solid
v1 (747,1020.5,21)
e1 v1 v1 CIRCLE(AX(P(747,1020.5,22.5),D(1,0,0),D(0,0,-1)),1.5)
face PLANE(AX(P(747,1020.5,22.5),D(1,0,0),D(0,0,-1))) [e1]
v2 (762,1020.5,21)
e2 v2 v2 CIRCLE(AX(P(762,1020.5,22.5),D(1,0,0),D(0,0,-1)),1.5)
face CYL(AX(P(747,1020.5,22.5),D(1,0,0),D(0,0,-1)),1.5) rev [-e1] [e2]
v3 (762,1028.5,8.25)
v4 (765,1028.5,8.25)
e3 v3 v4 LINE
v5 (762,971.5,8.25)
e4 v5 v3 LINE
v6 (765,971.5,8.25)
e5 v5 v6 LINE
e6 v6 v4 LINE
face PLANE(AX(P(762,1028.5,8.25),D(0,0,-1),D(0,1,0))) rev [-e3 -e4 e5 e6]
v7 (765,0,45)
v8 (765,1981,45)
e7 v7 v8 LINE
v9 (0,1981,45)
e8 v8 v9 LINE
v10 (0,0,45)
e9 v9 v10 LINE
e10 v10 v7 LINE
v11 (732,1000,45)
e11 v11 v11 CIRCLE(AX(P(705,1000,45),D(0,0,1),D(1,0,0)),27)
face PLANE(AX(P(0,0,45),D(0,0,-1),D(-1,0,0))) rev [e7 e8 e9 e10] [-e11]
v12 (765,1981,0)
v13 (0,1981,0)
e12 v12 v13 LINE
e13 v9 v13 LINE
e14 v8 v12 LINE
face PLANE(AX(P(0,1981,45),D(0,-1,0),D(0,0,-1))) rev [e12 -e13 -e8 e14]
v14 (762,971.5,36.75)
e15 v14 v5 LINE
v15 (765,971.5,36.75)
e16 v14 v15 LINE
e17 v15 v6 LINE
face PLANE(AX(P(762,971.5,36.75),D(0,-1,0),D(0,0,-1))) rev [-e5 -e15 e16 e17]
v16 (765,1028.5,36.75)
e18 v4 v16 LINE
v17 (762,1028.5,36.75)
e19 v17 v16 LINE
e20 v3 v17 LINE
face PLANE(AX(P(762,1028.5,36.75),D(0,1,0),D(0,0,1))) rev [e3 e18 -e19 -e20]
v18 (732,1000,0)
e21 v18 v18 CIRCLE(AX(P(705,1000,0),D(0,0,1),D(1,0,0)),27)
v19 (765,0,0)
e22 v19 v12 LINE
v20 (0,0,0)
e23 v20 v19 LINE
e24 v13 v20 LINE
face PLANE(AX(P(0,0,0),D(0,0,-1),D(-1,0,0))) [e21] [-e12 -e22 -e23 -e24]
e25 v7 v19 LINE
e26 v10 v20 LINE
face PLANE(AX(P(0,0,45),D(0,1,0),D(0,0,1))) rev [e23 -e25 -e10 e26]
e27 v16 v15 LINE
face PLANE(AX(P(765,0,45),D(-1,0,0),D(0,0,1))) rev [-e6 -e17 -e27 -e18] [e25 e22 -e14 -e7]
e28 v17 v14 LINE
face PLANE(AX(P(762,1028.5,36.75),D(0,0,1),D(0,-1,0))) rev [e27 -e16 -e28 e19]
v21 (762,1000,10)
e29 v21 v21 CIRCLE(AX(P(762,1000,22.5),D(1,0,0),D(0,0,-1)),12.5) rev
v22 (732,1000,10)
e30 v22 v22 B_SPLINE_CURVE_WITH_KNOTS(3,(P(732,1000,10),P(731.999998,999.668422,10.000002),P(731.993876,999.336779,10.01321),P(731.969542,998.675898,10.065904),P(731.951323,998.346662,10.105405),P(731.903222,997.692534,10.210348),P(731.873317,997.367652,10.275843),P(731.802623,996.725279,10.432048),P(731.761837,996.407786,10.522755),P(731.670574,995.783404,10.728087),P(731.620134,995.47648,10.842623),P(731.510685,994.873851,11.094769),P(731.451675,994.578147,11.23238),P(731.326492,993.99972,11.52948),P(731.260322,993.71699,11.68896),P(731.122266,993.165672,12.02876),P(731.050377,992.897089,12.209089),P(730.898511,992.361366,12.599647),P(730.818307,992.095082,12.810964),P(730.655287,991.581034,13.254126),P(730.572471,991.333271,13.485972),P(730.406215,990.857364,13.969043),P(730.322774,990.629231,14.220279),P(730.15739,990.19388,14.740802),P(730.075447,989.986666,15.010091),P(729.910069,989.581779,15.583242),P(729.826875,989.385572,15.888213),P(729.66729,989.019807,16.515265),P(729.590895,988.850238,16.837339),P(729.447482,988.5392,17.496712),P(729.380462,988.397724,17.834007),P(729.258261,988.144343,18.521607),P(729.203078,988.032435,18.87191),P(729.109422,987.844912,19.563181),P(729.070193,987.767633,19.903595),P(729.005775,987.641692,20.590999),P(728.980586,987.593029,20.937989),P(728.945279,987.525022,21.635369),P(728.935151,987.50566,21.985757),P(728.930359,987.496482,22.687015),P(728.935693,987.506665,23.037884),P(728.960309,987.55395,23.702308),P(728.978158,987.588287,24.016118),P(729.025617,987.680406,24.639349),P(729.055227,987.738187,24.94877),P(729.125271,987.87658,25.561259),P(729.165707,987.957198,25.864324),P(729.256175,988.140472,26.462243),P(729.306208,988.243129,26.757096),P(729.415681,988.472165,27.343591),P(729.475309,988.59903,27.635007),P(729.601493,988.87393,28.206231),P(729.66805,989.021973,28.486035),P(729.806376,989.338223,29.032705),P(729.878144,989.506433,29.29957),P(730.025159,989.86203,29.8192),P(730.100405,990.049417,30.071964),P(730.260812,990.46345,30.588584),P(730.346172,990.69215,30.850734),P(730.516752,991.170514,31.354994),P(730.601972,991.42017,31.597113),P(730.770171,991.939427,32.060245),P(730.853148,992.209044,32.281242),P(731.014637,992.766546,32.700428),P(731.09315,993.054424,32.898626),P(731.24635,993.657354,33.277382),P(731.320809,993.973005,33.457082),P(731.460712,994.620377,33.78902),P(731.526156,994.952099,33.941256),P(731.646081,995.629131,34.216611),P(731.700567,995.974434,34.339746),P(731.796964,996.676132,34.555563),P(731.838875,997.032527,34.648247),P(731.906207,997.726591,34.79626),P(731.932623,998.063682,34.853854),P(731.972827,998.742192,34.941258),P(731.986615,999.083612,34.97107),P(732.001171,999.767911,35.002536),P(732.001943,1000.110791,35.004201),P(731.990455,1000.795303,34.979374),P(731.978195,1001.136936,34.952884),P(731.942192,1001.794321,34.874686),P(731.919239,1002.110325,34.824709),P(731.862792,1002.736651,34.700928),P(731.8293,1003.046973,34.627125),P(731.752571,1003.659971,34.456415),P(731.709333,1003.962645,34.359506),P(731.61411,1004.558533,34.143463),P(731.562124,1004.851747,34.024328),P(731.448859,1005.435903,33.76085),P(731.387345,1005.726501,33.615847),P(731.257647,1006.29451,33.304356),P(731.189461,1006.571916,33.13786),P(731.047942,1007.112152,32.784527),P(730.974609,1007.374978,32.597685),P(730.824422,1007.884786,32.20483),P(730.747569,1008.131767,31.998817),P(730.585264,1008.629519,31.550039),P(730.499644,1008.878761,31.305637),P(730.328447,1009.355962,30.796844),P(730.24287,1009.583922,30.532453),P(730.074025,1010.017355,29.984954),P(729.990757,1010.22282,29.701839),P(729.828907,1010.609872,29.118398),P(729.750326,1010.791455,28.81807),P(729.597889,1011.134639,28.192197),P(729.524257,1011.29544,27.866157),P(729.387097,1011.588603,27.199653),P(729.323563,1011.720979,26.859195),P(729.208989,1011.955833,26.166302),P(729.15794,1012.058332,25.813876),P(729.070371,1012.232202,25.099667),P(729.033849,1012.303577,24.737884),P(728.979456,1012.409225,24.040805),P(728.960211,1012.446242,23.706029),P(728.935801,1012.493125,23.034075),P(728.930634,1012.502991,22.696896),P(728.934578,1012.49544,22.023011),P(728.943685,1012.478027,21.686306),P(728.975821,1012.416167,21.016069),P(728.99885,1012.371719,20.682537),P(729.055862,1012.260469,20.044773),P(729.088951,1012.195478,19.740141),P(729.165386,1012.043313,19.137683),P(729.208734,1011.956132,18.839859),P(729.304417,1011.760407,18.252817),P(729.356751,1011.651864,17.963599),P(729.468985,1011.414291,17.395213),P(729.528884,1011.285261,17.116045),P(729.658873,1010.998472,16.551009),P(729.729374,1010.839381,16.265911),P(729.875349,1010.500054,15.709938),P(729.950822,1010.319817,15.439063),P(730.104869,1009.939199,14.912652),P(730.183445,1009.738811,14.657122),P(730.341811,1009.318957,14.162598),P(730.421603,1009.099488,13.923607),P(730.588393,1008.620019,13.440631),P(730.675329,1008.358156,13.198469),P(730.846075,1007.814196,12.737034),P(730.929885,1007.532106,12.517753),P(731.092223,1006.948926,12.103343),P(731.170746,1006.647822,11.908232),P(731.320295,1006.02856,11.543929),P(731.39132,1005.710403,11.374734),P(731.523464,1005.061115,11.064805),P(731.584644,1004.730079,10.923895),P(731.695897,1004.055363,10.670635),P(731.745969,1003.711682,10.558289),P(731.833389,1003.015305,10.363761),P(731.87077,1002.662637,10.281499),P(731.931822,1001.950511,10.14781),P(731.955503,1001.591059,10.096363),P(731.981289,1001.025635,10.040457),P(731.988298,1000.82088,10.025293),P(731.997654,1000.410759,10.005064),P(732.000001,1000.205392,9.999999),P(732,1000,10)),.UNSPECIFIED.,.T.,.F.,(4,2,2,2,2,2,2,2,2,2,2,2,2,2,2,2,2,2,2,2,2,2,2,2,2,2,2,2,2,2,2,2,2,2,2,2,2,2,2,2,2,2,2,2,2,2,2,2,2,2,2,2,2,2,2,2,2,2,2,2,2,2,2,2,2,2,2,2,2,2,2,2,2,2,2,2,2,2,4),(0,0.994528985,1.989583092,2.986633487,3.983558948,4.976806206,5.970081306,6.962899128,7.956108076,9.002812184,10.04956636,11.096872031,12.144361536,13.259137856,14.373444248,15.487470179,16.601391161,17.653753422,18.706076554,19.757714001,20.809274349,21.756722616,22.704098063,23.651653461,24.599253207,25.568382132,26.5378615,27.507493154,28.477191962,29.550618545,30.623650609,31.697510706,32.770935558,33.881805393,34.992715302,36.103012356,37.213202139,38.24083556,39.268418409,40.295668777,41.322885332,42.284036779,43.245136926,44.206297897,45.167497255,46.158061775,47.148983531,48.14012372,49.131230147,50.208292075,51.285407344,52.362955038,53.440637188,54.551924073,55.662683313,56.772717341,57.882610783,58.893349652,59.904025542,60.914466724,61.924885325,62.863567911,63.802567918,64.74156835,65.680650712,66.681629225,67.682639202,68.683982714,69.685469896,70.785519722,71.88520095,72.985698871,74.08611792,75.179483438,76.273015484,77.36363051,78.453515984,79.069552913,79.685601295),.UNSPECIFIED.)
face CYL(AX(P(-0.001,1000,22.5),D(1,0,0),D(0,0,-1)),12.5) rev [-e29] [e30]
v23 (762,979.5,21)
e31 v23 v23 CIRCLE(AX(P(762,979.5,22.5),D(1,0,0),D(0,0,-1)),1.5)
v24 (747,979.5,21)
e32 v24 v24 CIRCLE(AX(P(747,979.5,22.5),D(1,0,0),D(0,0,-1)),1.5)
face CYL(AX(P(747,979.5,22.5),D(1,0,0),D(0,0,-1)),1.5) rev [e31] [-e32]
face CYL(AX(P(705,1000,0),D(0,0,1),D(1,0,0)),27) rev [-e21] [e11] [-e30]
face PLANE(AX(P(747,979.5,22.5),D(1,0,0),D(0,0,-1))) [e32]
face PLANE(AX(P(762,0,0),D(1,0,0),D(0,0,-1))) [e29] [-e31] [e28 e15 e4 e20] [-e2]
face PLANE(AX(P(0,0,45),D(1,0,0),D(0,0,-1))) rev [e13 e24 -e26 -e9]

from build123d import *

# Parameters (mm, degrees)
SKETCH1_W           = 765
SKETCH1_H           = 1981
BOSS_EXTRUDE1_DEPTH = 45
SKETCH2_R           = 27
CUT_EXTRUDE1_DEPTH  = 46
CUT_EXTRUDE2_REACH  = 767
SKETCH3_R           = 12.5
SKETCH4_W           = 28.5
SKETCH4_H           = 57
CUT_EXTRUDE3_DEPTH  = 3
SKETCH5_R           = 1.5
CUT_EXTRUDE4_DEPTH  = 15


with BuildPart() as part:
    # Sketch1 → Boss-Extrude1 (new body)
    with BuildSketch(Plane.XY):
        with Locations((382.5, 990.5)):
            Rectangle(SKETCH1_W, SKETCH1_H)
    extrude(amount=BOSS_EXTRUDE1_DEPTH)

    # Sketch2 → Cut-Extrude1 (cut, through all)
    with BuildSketch(Plane.XY.offset(45)):
        with Locations((705, 1000)):
            Circle(SKETCH2_R)
    extrude(amount=-CUT_EXTRUDE1_DEPTH, mode=Mode.SUBTRACT)

    # Sketch3 → Cut-Extrude2 (cut, up to next)
    with BuildSketch(Plane(origin=(765, 0, 0), x_dir=(0, 0, -1), z_dir=(1, 0, 0)), mode=Mode.PRIVATE) as cut_extrude2_sk1:
        with Locations((-22.5, 1000)):
            Circle(SKETCH3_R)
    cut_extrude2_tool1 = extrude(cut_extrude2_sk1.sketch, amount=-CUT_EXTRUDE2_REACH, mode=Mode.PRIVATE) & part.part
    add(cut_extrude2_tool1.solids().sort_by_distance((765, 1000, 22.5))[0], mode=Mode.SUBTRACT)

    # Sketch4 → Cut-Extrude3 (cut)
    with BuildSketch(Plane(origin=(765, 0, 0), x_dir=(0, 0, -1), z_dir=(1, 0, 0))):
        with Locations((-22.5, 1000)):
            Rectangle(SKETCH4_W, SKETCH4_H)
    extrude(amount=-CUT_EXTRUDE3_DEPTH, mode=Mode.SUBTRACT)

    # Sketch5 → Cut-Extrude4 (cut)
    with BuildSketch(Plane(origin=(762, 0, 0), x_dir=(0, 0, -1), z_dir=(1, 0, 0))):
        with Locations((-22.5, 1020.5)):
            Circle(SKETCH5_R)
        with Locations((-22.5, 979.5)):
            Circle(SKETCH5_R)
    extrude(amount=-CUT_EXTRUDE4_DEPTH, mode=Mode.SUBTRACT)


solid = part.part
